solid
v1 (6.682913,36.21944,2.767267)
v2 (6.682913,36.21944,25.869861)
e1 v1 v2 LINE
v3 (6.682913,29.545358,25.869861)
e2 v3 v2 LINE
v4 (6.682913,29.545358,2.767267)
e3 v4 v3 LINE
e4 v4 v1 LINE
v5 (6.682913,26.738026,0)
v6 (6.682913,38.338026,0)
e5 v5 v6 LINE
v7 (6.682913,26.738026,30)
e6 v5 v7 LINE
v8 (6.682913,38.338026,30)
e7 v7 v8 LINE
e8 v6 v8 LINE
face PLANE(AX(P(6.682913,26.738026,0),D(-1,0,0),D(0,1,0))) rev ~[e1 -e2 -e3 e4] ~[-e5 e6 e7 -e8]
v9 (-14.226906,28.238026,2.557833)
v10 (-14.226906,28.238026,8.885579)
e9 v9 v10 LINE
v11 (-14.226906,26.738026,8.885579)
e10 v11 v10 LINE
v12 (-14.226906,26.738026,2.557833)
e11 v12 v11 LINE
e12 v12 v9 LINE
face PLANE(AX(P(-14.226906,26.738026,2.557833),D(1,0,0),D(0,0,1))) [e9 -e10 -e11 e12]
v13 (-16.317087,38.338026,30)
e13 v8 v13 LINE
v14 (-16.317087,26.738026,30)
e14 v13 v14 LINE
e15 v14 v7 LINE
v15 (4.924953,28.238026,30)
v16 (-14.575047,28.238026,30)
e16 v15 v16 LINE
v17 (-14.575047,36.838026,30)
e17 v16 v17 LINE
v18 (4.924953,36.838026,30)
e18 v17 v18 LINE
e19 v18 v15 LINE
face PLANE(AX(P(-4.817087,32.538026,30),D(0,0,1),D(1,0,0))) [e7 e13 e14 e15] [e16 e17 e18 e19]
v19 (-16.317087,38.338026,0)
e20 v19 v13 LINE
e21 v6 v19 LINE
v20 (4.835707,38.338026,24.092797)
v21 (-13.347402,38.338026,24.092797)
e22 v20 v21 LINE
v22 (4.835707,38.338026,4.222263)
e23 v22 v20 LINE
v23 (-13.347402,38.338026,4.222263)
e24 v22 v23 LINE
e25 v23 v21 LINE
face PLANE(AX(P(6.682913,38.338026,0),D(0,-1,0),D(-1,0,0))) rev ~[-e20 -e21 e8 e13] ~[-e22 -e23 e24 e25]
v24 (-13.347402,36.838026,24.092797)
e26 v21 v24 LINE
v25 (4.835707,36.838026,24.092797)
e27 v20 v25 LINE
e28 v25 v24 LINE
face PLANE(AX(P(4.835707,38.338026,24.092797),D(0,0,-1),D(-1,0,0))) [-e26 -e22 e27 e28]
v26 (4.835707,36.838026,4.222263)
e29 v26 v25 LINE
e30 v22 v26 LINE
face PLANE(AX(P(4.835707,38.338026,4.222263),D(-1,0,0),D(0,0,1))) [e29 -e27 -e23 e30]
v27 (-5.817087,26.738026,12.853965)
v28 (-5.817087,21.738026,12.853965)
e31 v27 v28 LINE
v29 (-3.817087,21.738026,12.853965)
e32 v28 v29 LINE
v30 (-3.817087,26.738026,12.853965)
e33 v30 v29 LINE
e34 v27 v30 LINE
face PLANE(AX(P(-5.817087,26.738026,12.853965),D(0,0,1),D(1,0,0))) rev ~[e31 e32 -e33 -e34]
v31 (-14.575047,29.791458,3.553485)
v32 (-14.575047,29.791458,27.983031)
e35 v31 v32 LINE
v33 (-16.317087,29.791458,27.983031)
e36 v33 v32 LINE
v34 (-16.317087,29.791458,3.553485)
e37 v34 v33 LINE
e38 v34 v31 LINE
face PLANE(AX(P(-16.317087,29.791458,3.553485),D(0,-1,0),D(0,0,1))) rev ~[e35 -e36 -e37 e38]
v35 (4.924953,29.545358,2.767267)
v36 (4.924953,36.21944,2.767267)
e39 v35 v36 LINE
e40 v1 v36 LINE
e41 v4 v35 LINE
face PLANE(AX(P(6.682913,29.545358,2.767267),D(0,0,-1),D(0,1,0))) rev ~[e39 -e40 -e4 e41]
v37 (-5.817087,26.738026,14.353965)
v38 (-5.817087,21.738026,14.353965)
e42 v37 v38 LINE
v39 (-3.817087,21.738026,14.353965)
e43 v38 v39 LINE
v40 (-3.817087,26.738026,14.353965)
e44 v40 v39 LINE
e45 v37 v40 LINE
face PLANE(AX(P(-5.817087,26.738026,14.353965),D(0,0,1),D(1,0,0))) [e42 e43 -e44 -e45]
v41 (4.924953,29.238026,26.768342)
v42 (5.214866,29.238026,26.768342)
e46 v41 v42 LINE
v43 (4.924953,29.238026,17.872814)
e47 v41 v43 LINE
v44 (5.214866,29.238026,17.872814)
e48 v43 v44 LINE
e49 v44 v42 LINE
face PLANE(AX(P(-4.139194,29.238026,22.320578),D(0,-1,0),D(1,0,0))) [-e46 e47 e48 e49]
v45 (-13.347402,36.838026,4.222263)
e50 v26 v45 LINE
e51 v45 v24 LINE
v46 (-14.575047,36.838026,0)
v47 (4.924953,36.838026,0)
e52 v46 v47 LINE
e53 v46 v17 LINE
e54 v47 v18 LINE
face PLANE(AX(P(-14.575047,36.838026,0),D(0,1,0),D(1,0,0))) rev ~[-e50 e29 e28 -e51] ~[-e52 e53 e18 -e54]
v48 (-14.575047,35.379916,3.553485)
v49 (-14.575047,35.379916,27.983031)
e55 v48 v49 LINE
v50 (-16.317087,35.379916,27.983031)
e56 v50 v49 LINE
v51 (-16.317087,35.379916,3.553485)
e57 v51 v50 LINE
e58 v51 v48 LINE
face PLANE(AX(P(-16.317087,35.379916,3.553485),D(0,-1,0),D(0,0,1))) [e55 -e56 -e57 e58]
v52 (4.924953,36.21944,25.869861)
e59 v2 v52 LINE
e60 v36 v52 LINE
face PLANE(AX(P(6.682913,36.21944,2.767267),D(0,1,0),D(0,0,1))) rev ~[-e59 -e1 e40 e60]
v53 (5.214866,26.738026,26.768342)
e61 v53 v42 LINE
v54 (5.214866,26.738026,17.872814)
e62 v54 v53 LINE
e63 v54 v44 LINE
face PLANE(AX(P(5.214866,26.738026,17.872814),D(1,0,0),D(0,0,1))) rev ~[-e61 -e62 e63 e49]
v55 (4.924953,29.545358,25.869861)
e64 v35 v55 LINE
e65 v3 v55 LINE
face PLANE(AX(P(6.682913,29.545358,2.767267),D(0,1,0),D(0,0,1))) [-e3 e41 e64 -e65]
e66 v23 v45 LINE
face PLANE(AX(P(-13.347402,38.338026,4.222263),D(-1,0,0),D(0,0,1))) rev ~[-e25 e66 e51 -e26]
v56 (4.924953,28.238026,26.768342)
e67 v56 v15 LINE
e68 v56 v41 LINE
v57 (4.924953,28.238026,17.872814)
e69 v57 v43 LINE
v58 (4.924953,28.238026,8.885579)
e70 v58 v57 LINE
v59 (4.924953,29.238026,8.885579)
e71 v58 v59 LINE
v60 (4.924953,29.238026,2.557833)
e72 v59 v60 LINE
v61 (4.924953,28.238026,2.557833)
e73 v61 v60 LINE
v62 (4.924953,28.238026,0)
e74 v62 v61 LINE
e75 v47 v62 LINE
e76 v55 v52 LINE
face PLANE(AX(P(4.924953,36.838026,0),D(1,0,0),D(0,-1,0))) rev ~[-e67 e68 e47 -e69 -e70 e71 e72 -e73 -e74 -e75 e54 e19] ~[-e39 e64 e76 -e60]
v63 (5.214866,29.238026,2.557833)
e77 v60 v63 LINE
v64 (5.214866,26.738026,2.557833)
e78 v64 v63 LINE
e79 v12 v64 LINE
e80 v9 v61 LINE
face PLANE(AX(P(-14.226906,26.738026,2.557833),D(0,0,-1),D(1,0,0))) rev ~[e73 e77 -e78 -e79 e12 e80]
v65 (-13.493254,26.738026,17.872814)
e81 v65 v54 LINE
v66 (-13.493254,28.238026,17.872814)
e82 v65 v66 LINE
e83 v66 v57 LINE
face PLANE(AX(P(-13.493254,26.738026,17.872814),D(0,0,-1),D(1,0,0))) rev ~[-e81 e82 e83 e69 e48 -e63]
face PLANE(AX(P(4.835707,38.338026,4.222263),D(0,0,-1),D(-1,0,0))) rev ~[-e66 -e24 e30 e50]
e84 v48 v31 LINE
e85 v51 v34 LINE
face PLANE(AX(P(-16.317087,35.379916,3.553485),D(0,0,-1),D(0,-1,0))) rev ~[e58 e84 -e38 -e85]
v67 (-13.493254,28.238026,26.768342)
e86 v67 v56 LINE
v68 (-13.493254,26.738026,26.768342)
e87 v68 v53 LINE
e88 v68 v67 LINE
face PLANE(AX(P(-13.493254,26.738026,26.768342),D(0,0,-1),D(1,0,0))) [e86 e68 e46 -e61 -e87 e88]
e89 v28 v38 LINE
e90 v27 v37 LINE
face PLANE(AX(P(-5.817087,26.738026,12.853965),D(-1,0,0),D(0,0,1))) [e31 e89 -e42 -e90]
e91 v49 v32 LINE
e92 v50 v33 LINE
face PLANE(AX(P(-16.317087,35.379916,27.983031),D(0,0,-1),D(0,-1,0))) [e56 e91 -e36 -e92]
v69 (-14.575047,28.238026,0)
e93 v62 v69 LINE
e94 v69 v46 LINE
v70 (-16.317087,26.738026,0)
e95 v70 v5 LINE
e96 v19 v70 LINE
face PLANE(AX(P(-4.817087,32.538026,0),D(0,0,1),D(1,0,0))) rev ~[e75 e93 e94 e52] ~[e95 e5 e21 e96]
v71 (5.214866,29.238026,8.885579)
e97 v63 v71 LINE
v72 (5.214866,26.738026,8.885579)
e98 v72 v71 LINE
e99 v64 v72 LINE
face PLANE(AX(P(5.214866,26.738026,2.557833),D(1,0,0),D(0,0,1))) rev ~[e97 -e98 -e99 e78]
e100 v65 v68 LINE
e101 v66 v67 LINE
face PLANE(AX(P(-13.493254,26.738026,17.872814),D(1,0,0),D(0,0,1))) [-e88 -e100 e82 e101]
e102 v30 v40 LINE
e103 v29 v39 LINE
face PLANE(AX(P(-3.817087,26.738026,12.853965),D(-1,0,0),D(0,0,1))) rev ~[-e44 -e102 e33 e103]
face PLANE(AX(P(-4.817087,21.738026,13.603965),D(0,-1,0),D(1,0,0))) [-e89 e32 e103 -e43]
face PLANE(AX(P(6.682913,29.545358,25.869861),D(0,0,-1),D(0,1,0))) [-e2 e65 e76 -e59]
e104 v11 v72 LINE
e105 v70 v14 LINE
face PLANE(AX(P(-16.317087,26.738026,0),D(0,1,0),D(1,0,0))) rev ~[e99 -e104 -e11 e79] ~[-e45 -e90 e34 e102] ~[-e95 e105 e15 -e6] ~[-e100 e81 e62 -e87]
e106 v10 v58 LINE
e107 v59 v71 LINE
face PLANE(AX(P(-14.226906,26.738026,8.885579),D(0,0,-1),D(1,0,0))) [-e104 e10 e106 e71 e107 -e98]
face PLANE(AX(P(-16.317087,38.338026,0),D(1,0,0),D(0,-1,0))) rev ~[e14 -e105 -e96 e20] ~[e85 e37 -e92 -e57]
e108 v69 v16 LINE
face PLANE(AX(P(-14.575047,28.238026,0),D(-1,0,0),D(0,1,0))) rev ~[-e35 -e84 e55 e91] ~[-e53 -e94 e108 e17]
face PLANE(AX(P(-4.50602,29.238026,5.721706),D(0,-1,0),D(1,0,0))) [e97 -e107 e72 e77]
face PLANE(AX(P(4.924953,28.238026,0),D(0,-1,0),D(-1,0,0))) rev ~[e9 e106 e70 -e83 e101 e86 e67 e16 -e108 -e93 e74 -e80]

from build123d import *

# Parameters (mm, degrees)
F1_DEPTH  = 30
F2_W      = 6.674083
F2_H      = 23.102594
F3_DEPTH  = 2.5
F4_W      = 5.588458
F4_H      = 24.429547
F5_DEPTH  = 2.5
F6_W      = 18.183109
F6_H      = 19.870534
F7_DEPTH  = 2.5
F8_W      = 19.441772
F8_H      = 6.327746
F8_W_2    = 18.70812
F8_H_2    = 8.895528
F9_DEPTH  = 2.5
F10_W     = 2
F10_H     = 1.5
F11_DEPTH = 5


with BuildPart() as f1:
    # F0 (on Top) → F1 (new body)
    with BuildSketch(Plane.XY):
        Polygon((-5.624948, 38.338026), (-16.317087, 38.338026), (-16.317087, 26.738026), (-3.303813, 26.738026), (-3.164812, 26.738026), (6.682913, 26.738026), (6.682913, 38.338026), (-5.508062, 38.338026), align=None)
        Polygon((-14.575047, 32.538026), (-14.575047, 36.838026), (-5.625147, 36.838026), (-5.508261, 36.838026), (4.924953, 36.838026), (4.924953, 28.238026), (-3.164812, 28.238026), (-3.303813, 28.238026), (-14.575047, 28.238026), (-14.575047, 32.102089), align=None, mode=Mode.SUBTRACT)
    extrude(amount=F1_DEPTH)

    # F2 (on face) → F3 (cut)
    with BuildSketch(Plane.YZ.offset(6.682913)):
        with Locations((32.882399, 14.318564)):
            Rectangle(F2_W, F2_H)
    extrude(amount=-F3_DEPTH, mode=Mode.SUBTRACT)

    # F4 (on face) → F5 (cut)
    with BuildSketch(Plane(origin=(-16.317087, 0, 0), x_dir=(0, -1, 0), z_dir=(-1, 0, 0))):
        with Locations((-32.585687, 15.768258)):
            Rectangle(F4_W, F4_H)
    extrude(amount=-F5_DEPTH, mode=Mode.SUBTRACT)

    # F6 (on face) → F7 (cut)
    with BuildSketch(Plane(origin=(0, 38.338026, 0), x_dir=(-1, 0, 0), z_dir=(0, 1, 0))):
        with Locations((4.255847, 14.15753)):
            Rectangle(F6_W, F6_H)
    extrude(amount=-F7_DEPTH, mode=Mode.SUBTRACT)

    # F8 (on face) → F9 (cut)
    with BuildSketch(Plane.XZ.offset(-26.738026)):
        with Locations((-4.50602, 5.721706)):
            Rectangle(F8_W, F8_H)
        with Locations((-4.139194, 22.320578)):
            Rectangle(F8_W_2, F8_H_2)
    extrude(amount=-F9_DEPTH, mode=Mode.SUBTRACT)

    # F10 (on face) → F11 (join)
    with BuildSketch(Plane.XZ.offset(-26.738026)):
        with Locations((-4.817087, 13.603965)):
            Rectangle(F10_W, F10_H)
    extrude(amount=F11_DEPTH)


solid = f1.part
